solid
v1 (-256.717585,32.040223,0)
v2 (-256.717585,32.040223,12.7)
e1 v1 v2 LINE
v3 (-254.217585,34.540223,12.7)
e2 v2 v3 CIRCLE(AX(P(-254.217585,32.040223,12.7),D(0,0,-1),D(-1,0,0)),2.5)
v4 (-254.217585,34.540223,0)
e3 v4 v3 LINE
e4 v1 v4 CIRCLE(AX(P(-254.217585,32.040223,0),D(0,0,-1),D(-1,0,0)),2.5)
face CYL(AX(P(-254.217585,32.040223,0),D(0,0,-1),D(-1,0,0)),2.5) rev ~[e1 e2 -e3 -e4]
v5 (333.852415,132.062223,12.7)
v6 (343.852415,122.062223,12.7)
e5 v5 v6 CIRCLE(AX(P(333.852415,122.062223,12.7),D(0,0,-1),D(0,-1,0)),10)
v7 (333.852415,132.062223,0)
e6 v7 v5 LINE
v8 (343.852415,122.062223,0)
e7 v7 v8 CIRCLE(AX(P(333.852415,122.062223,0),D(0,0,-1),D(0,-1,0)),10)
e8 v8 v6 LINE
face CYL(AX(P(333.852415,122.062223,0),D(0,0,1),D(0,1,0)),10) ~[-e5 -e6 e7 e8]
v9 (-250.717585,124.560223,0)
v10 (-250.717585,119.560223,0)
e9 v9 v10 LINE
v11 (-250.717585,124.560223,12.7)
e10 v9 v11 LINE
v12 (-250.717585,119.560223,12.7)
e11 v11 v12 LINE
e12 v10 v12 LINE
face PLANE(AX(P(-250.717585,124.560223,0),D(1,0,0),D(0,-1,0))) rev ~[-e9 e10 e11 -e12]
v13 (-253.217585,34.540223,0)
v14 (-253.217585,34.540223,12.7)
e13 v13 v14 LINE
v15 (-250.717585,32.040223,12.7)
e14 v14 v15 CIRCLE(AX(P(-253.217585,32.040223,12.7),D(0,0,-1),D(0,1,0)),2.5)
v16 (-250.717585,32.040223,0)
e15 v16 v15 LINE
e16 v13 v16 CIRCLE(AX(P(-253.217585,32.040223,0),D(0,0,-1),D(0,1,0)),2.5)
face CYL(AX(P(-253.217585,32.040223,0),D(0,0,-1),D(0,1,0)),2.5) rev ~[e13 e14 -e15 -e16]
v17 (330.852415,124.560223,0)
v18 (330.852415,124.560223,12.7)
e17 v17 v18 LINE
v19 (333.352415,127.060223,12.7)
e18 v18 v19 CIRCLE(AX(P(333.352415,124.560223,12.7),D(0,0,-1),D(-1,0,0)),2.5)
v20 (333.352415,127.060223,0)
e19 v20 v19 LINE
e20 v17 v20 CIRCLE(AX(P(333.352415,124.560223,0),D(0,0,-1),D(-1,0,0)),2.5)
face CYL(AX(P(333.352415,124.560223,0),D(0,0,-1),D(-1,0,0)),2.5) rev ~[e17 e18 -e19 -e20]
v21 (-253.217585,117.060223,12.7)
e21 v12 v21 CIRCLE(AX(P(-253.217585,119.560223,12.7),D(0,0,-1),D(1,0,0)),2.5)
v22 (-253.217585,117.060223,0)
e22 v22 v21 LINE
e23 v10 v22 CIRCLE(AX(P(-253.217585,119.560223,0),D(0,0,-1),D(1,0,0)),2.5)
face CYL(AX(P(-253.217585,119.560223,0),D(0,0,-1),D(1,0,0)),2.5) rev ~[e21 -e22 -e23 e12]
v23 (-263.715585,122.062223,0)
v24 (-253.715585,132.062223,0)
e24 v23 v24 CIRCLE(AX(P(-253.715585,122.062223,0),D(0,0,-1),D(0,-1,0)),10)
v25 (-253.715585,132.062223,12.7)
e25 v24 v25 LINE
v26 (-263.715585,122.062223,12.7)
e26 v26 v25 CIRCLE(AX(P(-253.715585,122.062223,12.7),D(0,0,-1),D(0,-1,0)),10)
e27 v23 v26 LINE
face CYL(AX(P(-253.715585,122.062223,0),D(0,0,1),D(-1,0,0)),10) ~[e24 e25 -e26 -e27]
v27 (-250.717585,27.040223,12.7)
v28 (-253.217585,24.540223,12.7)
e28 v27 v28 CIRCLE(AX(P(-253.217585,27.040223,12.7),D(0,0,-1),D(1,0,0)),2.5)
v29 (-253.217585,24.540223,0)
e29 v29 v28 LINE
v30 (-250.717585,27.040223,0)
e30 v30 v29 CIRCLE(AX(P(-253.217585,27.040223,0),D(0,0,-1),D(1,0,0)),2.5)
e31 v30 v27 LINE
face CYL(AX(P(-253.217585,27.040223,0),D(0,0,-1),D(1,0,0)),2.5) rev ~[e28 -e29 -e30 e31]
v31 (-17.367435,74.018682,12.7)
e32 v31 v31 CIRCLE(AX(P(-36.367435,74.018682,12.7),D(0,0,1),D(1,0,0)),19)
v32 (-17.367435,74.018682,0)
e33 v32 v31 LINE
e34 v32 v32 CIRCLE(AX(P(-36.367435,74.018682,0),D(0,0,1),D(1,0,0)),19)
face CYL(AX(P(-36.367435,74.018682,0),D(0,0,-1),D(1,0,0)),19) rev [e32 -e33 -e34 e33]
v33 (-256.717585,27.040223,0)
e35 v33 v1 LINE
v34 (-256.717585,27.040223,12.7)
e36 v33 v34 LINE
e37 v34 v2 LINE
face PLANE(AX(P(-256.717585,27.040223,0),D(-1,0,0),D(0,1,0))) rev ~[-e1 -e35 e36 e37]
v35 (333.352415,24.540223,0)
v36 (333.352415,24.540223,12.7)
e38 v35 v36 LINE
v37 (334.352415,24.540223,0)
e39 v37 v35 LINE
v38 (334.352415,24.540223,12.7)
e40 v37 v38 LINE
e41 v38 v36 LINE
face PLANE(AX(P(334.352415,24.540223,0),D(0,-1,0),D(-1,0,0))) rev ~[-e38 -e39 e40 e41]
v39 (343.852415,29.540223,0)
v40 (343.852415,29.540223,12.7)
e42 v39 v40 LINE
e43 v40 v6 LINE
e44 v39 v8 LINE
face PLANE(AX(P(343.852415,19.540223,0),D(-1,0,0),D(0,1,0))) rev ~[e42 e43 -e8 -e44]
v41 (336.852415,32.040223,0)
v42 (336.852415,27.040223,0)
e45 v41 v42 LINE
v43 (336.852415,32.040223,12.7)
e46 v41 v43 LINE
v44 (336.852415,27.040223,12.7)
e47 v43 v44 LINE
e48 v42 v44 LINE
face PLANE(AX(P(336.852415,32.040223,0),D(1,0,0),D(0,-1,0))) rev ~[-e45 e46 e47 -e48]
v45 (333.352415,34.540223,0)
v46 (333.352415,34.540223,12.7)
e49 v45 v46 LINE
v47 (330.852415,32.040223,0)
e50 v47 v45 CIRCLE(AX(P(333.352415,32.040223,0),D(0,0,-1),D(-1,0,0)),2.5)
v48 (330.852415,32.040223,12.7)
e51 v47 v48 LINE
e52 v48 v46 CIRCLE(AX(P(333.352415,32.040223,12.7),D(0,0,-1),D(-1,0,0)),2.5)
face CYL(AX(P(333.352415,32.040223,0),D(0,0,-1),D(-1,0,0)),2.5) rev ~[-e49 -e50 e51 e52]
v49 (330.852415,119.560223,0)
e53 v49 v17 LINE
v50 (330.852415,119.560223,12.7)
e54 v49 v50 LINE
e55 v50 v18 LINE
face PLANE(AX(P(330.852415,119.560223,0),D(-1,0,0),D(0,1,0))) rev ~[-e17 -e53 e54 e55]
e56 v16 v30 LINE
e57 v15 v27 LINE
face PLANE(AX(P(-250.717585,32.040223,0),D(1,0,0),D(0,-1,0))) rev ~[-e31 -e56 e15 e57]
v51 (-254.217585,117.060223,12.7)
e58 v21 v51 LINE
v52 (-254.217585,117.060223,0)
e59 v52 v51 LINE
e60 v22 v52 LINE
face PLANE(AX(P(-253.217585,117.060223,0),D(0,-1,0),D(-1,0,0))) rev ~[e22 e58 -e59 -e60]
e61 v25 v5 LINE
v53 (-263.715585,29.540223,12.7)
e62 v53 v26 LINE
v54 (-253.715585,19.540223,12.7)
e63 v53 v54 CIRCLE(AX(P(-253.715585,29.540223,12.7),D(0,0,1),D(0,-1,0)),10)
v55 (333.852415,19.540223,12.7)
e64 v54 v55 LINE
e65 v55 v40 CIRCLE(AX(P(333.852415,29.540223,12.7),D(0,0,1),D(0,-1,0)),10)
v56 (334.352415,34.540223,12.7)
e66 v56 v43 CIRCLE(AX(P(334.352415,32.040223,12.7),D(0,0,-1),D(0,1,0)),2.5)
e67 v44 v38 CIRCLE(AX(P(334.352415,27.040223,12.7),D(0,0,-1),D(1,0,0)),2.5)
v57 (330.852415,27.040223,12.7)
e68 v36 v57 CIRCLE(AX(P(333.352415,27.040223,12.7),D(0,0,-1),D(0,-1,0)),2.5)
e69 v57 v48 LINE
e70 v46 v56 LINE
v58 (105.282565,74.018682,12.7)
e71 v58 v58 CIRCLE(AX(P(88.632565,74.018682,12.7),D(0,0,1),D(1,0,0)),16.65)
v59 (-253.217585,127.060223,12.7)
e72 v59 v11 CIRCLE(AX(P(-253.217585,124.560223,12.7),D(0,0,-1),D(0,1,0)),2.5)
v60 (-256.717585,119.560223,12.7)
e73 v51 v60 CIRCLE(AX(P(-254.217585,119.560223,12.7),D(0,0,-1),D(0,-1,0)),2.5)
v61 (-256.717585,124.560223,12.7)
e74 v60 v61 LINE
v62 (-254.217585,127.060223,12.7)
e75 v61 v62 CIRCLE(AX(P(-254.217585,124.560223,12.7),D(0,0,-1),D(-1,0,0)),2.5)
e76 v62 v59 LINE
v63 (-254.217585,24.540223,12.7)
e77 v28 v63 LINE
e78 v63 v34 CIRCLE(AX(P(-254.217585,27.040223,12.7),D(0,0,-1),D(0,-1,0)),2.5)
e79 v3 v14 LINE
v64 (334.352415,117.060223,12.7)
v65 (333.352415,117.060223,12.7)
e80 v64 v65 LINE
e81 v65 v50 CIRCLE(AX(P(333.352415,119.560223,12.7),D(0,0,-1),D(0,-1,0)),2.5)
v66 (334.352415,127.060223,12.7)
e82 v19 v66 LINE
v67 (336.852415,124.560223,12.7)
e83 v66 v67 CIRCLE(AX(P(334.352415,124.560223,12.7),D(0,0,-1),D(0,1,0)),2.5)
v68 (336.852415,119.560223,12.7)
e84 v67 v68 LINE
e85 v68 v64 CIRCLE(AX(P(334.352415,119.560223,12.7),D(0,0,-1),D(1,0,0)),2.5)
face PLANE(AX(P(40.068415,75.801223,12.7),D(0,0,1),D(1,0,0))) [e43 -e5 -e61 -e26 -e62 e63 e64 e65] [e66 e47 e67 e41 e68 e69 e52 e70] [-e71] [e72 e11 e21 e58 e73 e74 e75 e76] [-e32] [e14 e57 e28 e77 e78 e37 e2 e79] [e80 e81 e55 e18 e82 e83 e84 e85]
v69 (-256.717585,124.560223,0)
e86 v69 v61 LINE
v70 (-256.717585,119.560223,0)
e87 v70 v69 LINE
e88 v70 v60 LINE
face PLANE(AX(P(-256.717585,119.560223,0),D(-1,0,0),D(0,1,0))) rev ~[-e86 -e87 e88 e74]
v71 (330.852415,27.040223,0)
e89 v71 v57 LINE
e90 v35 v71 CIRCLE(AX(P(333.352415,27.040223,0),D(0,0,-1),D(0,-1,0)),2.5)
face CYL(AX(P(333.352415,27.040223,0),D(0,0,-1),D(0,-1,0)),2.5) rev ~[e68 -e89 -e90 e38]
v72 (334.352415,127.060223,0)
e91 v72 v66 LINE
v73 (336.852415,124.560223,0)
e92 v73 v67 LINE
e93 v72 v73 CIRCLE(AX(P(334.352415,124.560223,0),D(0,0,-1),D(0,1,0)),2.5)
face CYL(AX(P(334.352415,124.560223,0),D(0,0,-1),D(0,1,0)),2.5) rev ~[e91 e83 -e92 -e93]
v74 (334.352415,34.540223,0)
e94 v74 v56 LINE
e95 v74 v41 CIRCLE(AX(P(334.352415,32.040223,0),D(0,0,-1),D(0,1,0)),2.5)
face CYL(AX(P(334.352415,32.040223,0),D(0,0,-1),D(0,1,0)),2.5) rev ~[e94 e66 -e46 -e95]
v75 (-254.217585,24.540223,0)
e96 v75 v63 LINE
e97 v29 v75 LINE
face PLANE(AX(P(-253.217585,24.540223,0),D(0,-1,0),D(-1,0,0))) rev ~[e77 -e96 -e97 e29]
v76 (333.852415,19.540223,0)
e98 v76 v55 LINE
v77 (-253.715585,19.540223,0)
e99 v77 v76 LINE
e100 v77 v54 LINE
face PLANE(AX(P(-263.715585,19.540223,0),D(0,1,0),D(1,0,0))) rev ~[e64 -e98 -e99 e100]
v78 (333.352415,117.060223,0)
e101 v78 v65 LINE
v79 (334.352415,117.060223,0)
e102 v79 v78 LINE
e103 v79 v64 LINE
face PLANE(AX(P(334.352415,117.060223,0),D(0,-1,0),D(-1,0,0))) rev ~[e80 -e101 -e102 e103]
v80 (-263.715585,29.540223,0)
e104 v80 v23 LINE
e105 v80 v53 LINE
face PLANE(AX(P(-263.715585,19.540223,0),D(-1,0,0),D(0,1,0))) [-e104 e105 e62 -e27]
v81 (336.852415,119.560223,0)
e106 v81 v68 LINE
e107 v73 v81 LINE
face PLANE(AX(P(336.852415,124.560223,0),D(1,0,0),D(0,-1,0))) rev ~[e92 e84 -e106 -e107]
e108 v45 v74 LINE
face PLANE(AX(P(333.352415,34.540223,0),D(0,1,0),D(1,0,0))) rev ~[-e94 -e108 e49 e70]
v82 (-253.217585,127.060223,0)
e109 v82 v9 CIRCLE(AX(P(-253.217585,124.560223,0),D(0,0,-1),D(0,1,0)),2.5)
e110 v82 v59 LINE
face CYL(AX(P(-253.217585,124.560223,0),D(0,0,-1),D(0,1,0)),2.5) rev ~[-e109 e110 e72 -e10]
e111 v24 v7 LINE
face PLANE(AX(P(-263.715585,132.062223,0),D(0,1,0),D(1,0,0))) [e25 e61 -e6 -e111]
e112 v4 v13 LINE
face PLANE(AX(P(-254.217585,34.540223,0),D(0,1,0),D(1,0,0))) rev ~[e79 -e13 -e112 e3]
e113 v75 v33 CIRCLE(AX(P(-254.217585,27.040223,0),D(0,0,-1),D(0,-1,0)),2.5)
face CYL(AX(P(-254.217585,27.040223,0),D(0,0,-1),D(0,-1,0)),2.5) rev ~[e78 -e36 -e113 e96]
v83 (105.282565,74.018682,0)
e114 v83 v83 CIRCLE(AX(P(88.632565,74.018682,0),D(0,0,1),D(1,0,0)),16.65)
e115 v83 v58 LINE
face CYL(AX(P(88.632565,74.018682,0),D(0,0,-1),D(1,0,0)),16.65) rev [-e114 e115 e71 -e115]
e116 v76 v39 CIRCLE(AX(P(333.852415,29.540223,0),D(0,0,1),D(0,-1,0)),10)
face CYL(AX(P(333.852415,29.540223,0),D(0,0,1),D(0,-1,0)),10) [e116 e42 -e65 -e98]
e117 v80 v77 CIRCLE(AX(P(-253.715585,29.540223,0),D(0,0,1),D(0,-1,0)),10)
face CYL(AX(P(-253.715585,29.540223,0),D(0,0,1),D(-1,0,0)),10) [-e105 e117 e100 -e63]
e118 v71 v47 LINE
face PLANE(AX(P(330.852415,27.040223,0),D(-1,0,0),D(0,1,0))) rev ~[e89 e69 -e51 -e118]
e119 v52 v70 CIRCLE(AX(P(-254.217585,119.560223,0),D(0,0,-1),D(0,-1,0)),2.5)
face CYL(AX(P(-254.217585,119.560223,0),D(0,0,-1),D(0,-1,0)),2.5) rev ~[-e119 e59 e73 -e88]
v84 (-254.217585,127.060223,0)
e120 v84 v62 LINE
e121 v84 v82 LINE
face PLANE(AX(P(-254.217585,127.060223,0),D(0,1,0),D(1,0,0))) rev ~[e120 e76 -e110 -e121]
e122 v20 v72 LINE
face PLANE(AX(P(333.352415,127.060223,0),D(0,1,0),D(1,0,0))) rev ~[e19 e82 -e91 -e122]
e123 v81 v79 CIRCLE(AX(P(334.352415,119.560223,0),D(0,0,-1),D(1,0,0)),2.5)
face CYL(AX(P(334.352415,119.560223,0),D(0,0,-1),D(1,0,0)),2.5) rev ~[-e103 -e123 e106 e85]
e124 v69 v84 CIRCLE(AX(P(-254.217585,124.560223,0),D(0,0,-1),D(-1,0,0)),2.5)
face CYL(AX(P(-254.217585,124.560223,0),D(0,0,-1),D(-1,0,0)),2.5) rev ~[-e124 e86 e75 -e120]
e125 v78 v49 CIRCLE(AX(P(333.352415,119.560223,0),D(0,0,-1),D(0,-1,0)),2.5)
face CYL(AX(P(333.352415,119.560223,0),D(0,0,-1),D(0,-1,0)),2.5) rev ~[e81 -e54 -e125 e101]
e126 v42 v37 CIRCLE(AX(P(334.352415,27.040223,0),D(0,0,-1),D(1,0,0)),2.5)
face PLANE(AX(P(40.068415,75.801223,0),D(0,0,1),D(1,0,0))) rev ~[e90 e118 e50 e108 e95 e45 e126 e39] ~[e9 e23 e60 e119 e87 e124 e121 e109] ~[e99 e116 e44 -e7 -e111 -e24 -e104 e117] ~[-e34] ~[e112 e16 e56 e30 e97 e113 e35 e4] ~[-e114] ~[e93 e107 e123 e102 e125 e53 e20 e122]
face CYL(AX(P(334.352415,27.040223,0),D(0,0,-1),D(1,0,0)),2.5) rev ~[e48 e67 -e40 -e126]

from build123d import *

# Parameters (mm, degrees)
SKETCH1_W           = 607.568
SKETCH1_H           = 112.522
SKETCH1_R           = 16.65
SKETCH1_R_2         = 19
BOSS_EXTRUDE1_DEPTH = 12.7
FILLET1_R           = 10


with BuildPart() as part:
    # Sketch1 → Boss-Extrude1 (new body)
    with BuildSketch(Plane.XY):
        with Locations((40.068414536, 75.801223419)):
            Rectangle(SKETCH1_W, SKETCH1_H)
        with Locations((88.632564672, 74.018682095)):
            Circle(SKETCH1_R, mode=Mode.SUBTRACT)
        with Locations((-36.367435328, 74.018682095)):
            Circle(SKETCH1_R_2, mode=Mode.SUBTRACT)
        with BuildLine():
            Line((334.352414536, 24.540223419), (333.352414536, 24.540223419))
            ThreePointArc((333.352414536, 24.540223419), (331.584647583, 25.272456466), (330.852414536, 27.040223419))
            Line((330.852414536, 27.040223419), (330.852414536, 32.040223419))
            ThreePointArc((330.852414536, 32.040223419), (331.584647583, 33.807990372), (333.352414536, 34.540223419))
            Line((333.352414536, 34.540223419), (334.352414536, 34.540223419))
            ThreePointArc((334.352414536, 34.540223419), (336.120181489, 33.807990372), (336.852414536, 32.040223419))
            Line((336.852414536, 32.040223419), (336.852414536, 27.040223419))
            ThreePointArc((336.852414536, 27.040223419), (336.120181489, 25.272456466), (334.352414536, 24.540223419))
        make_face(mode=Mode.SUBTRACT)
        with BuildLine():
            Line((-253.217585464, 24.540223419), (-254.217585464, 24.540223419))
            ThreePointArc((-254.217585464, 24.540223419), (-255.985352417, 25.272456466), (-256.717585464, 27.040223419))
            Line((-256.717585464, 27.040223419), (-256.717585464, 32.040223419))
            ThreePointArc((-256.717585464, 32.040223419), (-255.985352417, 33.807990372), (-254.217585464, 34.540223419))
            Line((-254.217585464, 34.540223419), (-253.217585464, 34.540223419))
            ThreePointArc((-253.217585464, 34.540223419), (-251.449818511, 33.807990372), (-250.717585464, 32.040223419))
            Line((-250.717585464, 32.040223419), (-250.717585464, 27.040223419))
            ThreePointArc((-250.717585464, 27.040223419), (-251.449818511, 25.272456466), (-253.217585464, 24.540223419))
        make_face(mode=Mode.SUBTRACT)
        with BuildLine():
            Line((-253.217585464, 117.060223419), (-254.217585464, 117.060223419))
            ThreePointArc((-254.217585464, 117.060223419), (-255.985352417, 117.792456466), (-256.717585464, 119.560223419))
            Line((-256.717585464, 119.560223419), (-256.717585464, 124.560223419))
            ThreePointArc((-256.717585464, 124.560223419), (-255.985352417, 126.327990372), (-254.217585464, 127.060223419))
            Line((-254.217585464, 127.060223419), (-253.217585464, 127.060223419))
            ThreePointArc((-253.217585464, 127.060223419), (-251.449818511, 126.327990372), (-250.717585464, 124.560223419))
            Line((-250.717585464, 124.560223419), (-250.717585464, 119.560223419))
            ThreePointArc((-250.717585464, 119.560223419), (-251.449818511, 117.792456466), (-253.217585464, 117.060223419))
        make_face(mode=Mode.SUBTRACT)
        with BuildLine():
            Line((334.352414536, 117.060223419), (333.352414536, 117.060223419))
            ThreePointArc((333.352414536, 117.060223419), (331.584647583, 117.792456466), (330.852414536, 119.560223419))
            Line((330.852414536, 119.560223419), (330.852414536, 124.560223419))
            ThreePointArc((330.852414536, 124.560223419), (331.584647583, 126.327990372), (333.352414536, 127.060223419))
            Line((333.352414536, 127.060223419), (334.352414536, 127.060223419))
            ThreePointArc((334.352414536, 127.060223419), (336.120181489, 126.327990372), (336.852414536, 124.560223419))
            Line((336.852414536, 124.560223419), (336.852414536, 119.560223419))
            ThreePointArc((336.852414536, 119.560223419), (336.120181489, 117.792456466), (334.352414536, 117.060223419))
        make_face(mode=Mode.SUBTRACT)
    extrude(amount=BOSS_EXTRUDE1_DEPTH)

    # Fillet1
    fillet1_edges = [part.edges().sort_by_distance(p)[0] for p in [
        (-263.715585464, 132.062223419, 6.35),
        (-263.715585464, 19.540223419, 6.35),
        (343.852414536, 19.540223419, 6.35),
        (343.852414536, 132.062223419, 6.35),
    ]]
    fillet(fillet1_edges, radius=FILLET1_R)


solid = part.part
